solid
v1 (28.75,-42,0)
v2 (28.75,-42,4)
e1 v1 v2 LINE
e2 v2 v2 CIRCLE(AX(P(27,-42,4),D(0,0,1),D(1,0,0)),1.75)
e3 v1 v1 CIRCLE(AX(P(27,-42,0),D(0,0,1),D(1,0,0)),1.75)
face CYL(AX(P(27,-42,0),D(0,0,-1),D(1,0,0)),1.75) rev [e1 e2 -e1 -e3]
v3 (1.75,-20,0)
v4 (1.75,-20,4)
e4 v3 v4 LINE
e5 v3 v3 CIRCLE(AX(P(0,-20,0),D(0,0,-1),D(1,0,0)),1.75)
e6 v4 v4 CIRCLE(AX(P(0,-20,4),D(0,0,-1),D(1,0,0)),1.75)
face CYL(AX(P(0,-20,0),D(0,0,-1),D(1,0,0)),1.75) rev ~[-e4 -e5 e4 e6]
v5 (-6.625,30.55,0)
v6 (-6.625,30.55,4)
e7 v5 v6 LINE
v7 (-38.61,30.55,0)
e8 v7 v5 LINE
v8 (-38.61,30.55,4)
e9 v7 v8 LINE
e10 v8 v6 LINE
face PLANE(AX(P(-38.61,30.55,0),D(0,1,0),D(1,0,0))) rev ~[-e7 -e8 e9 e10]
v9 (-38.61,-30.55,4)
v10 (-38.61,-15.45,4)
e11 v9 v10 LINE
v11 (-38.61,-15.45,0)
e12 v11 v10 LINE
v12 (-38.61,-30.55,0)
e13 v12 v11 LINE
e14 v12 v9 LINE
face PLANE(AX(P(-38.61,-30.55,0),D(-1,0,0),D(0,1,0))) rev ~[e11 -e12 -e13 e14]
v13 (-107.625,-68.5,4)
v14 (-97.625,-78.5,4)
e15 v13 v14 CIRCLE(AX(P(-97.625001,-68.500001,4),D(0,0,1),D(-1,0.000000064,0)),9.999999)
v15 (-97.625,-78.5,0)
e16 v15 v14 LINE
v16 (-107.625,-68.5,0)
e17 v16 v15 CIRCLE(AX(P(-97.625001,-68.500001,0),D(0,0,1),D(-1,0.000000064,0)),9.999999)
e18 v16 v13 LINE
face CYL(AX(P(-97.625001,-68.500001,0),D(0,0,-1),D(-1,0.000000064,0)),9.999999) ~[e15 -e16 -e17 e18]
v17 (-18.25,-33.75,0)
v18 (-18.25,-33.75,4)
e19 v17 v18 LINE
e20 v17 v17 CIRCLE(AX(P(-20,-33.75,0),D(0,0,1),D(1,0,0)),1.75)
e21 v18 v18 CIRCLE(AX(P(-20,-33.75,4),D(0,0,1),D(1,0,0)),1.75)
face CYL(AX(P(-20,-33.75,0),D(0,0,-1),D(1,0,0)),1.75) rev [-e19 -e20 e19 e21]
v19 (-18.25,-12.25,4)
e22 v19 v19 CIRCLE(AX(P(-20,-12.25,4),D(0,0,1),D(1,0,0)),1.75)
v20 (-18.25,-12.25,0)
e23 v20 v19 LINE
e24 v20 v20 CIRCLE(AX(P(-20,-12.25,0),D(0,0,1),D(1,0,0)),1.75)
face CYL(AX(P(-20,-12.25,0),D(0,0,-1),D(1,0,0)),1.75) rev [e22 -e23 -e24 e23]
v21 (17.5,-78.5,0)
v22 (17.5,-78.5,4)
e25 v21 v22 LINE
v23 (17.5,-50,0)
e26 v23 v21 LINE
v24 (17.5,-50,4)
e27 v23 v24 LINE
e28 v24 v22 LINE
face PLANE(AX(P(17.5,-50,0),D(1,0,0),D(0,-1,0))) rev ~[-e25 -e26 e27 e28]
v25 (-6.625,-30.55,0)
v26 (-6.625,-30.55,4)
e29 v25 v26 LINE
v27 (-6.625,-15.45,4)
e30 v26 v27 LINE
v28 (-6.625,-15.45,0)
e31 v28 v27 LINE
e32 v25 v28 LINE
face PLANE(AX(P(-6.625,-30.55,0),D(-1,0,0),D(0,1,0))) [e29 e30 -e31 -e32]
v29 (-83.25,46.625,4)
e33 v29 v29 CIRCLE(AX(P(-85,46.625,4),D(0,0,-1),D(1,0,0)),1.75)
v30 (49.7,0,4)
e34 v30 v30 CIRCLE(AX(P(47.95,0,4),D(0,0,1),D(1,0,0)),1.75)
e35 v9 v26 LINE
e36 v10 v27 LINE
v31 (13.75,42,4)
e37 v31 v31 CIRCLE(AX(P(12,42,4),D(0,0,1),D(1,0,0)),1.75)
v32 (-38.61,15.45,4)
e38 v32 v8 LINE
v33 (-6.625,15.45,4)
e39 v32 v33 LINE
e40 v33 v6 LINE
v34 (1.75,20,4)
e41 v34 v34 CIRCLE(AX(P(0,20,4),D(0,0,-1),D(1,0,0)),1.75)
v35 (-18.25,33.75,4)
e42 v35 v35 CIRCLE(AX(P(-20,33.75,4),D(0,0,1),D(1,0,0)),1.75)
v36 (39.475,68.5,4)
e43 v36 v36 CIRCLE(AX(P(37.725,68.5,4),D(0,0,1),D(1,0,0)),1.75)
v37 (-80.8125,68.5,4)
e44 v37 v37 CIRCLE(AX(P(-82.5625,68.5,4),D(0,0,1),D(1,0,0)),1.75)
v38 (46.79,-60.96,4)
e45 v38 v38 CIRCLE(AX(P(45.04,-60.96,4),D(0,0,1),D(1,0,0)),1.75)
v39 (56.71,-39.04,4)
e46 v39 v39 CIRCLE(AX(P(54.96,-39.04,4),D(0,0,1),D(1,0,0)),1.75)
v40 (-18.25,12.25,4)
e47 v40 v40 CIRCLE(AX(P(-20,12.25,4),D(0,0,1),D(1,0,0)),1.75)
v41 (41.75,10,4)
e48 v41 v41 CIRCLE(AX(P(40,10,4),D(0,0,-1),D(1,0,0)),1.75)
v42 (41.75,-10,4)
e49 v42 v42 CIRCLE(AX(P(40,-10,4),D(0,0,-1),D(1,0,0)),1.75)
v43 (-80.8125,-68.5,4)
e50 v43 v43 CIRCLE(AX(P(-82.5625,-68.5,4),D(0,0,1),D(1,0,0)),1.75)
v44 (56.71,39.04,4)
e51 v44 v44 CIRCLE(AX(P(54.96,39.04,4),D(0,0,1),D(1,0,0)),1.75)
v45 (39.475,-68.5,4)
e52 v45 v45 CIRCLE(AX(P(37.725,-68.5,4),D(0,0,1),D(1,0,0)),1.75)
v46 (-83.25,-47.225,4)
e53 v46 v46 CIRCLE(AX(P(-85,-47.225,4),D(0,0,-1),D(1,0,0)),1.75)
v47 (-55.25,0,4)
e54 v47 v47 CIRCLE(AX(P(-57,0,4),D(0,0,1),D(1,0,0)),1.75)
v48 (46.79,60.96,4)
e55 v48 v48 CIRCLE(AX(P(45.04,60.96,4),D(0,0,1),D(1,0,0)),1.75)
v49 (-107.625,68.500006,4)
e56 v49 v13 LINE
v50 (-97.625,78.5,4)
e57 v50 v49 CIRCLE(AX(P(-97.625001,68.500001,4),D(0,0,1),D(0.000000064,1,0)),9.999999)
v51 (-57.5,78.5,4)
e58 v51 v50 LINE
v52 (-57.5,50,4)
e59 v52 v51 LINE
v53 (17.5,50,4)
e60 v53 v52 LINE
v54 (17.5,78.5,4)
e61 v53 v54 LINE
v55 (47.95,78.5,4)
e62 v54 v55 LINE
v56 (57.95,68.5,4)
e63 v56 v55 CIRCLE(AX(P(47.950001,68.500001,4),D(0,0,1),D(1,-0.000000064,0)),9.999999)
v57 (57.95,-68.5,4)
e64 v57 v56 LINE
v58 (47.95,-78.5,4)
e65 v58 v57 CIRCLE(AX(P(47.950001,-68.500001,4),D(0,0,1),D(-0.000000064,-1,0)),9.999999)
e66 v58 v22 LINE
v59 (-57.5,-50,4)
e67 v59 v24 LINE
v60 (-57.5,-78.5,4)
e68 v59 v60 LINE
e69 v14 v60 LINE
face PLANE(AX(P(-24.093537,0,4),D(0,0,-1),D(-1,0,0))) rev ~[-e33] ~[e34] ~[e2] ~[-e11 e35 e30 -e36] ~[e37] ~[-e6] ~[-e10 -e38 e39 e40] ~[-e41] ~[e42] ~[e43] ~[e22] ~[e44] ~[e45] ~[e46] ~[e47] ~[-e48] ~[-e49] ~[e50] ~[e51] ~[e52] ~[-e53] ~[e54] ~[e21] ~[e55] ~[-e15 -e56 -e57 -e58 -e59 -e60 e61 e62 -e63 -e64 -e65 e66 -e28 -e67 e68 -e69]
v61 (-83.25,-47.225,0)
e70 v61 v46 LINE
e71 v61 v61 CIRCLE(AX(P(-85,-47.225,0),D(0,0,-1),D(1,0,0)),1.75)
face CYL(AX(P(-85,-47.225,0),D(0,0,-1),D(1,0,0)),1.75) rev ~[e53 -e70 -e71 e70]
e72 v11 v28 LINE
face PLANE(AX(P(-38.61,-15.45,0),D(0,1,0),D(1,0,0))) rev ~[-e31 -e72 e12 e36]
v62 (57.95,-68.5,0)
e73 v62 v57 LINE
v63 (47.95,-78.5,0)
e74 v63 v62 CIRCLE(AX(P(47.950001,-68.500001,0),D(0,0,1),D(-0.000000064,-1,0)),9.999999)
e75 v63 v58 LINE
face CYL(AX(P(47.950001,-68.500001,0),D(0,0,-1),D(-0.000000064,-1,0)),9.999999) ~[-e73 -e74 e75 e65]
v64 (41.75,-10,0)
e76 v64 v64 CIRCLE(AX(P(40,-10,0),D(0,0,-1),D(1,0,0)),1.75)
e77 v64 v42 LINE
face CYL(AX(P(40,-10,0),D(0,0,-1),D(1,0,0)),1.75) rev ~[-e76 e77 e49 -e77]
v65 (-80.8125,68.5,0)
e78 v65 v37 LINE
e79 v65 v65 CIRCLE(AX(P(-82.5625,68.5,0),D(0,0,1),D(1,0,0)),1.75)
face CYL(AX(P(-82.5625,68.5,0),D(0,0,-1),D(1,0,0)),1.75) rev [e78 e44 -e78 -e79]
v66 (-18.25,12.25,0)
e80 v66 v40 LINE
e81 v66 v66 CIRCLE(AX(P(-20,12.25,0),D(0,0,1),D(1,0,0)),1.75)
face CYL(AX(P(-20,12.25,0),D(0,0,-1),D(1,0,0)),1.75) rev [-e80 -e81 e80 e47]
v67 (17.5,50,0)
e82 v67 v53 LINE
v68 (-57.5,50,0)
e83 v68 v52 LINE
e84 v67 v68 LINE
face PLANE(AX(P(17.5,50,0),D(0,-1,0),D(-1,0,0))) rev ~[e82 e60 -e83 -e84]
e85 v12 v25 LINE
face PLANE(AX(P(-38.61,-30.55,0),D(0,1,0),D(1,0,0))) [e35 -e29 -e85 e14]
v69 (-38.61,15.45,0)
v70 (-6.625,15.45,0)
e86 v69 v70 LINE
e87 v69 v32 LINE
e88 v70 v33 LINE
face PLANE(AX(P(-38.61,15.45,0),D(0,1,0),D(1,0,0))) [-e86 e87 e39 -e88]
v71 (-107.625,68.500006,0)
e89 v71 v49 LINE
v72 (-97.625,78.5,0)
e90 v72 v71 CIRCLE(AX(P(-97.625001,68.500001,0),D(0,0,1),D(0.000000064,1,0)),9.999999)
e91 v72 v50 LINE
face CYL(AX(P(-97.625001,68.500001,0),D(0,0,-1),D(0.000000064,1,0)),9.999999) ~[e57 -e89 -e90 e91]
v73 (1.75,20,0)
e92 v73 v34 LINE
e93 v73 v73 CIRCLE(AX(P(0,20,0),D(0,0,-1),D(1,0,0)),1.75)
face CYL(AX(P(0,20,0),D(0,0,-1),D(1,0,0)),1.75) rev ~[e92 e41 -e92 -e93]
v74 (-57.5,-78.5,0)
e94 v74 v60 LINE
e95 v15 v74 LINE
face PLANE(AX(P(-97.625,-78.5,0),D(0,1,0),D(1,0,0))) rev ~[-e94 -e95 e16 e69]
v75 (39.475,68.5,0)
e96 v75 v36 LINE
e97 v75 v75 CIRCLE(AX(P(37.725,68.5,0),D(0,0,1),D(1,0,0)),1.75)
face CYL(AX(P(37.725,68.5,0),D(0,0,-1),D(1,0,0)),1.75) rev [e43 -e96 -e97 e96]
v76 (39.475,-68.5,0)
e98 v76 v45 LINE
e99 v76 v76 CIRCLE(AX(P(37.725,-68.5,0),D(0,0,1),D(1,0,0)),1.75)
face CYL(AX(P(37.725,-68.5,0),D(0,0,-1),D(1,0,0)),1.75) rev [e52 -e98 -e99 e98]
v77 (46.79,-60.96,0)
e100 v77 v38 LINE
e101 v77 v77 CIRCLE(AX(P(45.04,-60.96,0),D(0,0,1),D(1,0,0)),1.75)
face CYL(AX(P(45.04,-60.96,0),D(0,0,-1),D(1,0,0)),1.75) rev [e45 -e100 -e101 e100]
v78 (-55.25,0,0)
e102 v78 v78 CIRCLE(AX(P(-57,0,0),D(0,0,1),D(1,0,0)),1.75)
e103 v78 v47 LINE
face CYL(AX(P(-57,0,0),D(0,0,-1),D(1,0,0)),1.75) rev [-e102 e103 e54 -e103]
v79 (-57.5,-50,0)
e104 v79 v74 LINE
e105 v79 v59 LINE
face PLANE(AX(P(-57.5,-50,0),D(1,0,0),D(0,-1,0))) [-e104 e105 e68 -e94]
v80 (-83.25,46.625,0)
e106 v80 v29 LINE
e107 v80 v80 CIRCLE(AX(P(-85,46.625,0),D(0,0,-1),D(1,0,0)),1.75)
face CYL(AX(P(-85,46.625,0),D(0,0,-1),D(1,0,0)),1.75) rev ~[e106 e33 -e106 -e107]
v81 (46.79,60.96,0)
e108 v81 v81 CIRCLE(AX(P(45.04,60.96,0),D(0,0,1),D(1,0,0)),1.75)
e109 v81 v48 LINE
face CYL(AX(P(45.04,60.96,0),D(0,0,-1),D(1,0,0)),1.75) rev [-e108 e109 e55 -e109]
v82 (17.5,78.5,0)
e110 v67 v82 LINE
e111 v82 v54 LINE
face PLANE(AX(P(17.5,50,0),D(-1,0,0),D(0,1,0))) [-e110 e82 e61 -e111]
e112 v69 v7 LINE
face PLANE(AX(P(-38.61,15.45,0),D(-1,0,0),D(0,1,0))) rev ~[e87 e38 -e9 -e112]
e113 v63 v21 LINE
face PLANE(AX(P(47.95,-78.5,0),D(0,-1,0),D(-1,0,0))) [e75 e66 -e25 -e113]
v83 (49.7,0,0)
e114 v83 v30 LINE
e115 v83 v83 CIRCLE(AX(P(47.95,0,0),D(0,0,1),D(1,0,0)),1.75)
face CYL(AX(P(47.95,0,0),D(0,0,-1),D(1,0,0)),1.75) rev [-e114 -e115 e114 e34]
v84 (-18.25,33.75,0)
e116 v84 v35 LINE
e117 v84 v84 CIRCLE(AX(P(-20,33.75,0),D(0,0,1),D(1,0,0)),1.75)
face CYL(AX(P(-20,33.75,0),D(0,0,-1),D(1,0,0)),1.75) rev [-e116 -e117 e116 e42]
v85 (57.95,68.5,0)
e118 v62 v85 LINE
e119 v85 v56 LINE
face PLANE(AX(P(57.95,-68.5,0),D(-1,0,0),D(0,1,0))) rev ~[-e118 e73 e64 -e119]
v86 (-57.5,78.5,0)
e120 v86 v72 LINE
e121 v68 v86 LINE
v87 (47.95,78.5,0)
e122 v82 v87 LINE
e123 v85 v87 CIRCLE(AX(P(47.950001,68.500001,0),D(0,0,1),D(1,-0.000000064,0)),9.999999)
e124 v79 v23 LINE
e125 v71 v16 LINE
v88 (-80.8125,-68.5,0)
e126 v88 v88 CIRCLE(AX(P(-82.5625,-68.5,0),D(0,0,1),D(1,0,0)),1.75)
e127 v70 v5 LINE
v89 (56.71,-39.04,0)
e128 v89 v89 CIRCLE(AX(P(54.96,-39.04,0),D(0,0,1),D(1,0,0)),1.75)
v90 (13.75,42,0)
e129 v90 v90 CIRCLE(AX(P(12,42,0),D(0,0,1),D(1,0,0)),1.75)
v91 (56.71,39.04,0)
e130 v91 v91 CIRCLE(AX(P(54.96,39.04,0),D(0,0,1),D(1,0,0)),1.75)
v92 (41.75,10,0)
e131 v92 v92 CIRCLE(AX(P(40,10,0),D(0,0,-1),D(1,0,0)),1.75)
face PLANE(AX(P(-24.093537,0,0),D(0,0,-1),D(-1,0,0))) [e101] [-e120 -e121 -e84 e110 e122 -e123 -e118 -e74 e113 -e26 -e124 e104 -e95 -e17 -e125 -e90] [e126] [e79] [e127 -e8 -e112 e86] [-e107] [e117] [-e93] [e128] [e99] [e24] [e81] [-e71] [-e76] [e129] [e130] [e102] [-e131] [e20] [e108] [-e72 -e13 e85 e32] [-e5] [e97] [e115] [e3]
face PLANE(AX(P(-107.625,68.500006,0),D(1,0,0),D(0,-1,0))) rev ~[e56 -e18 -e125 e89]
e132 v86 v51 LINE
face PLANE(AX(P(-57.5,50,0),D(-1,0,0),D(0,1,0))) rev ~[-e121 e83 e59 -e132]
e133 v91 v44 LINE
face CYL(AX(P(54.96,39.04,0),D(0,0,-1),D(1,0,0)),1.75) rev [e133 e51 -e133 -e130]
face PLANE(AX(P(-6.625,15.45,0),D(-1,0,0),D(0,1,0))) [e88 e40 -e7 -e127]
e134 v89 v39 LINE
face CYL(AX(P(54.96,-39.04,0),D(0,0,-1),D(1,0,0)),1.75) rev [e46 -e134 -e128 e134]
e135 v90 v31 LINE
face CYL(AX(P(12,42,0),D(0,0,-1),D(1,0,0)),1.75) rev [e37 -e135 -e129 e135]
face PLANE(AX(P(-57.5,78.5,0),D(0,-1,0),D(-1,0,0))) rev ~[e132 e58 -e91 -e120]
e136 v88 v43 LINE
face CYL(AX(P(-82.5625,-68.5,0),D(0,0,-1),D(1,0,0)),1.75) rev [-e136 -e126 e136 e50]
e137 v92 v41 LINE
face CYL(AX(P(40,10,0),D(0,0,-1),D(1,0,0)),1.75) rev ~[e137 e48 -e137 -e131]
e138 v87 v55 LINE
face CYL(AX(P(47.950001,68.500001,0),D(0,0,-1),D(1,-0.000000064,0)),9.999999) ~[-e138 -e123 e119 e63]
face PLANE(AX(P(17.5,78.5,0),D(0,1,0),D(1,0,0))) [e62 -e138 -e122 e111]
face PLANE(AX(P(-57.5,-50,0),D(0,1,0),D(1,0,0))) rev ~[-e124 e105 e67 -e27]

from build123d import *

# Parameters (mm, degrees)
SKETCH043_R     = 1.75
SKETCH043_W     = 31.985
SKETCH043_H     = 15.1
PAD030_DEPTH    = 4
SKETCH063_R     = 1.75
POCKET011_DEPTH = 4
SKETCH076_R     = 1.75
POCKET014_DEPTH = 4
SKETCH081_R     = 1.75
POCKET016_DEPTH = 4


with BuildPart() as part:
    # Sketch043 → Pad030 (new body)
    with BuildSketch(Plane.XY):
        with BuildLine():
            Line((17.5, 50), (17.5, 78.5))
            Line((17.5, 78.5), (37.725, 78.5))
            Line((37.725, 78.5), (47.95, 78.5))
            ThreePointArc((57.95, 68.5), (55.021068, 75.571068), (47.95, 78.5))
            Line((57.95, 0), (57.95, 68.5))
            Line((57.95, -68.5), (57.95, 0))
            ThreePointArc((47.95, -78.5), (55.021068, -75.571068), (57.95, -68.5))
            Line((47.95, -78.5), (37.725, -78.5))
            Line((37.725, -78.5), (17.5, -78.5))
            Line((17.5, -50), (17.5, -78.5))
            Line((-57.5, -50), (17.5, -50))
            Line((-57.5, -50), (-57.5, -78.5))
            Line((-82.5625, -78.5), (-57.5, -78.5))
            Line((-97.625, -78.5), (-82.5625, -78.5))
            ThreePointArc((-107.625, -68.5), (-104.696068, -75.571068), (-97.625, -78.5))
            Line((-107.625, 68.500006), (-107.625, -68.5))
            ThreePointArc((-97.625, 78.5), (-104.696066, 75.57107), (-107.625, 68.500006))
            Line((-97.625, 78.5), (-82.5625, 78.5))
            Line((-57.5, 78.5), (-82.5625, 78.5))
            Line((-57.5, 50), (-57.5, 78.5))
            Line((17.5, 50), (-57.5, 50))
        make_face()
        with Locations((45.04, 60.96)):
            Circle(SKETCH043_R, mode=Mode.SUBTRACT)
        with Locations((54.96, 39.04)):
            Circle(SKETCH043_R, mode=Mode.SUBTRACT)
        with Locations((27, -42)):
            Circle(SKETCH043_R, mode=Mode.SUBTRACT)
        with Locations((12, 42)):
            Circle(SKETCH043_R, mode=Mode.SUBTRACT)
        with Locations((-57, 0)):
            Circle(SKETCH043_R, mode=Mode.SUBTRACT)
        with Locations((-20, -33.75)):
            Circle(SKETCH043_R, mode=Mode.SUBTRACT)
        with Locations((-20, -12.25)):
            Circle(SKETCH043_R, mode=Mode.SUBTRACT)
        with Locations((-20, 12.25)):
            Circle(SKETCH043_R, mode=Mode.SUBTRACT)
        with Locations((-20, 33.75)):
            Circle(SKETCH043_R, mode=Mode.SUBTRACT)
        with Locations((54.96, -39.04)):
            Circle(SKETCH043_R, mode=Mode.SUBTRACT)
        with Locations((45.04, -60.96)):
            Circle(SKETCH043_R, mode=Mode.SUBTRACT)
        with Locations((37.725, 68.5)):
            Circle(SKETCH043_R, mode=Mode.SUBTRACT)
        with Locations((47.95, 0)):
            Circle(SKETCH043_R, mode=Mode.SUBTRACT)
        with Locations((37.725, -68.5)):
            Circle(SKETCH043_R, mode=Mode.SUBTRACT)
        with Locations((-82.5625, -68.5)):
            Circle(SKETCH043_R, mode=Mode.SUBTRACT)
        with Locations((-82.5625, 68.5)):
            Circle(SKETCH043_R, mode=Mode.SUBTRACT)
        with Locations((-22.6175, 23)):
            Rectangle(SKETCH043_W, SKETCH043_H, mode=Mode.SUBTRACT)
        with Locations((-22.6175, -23)):
            Rectangle(SKETCH043_W, SKETCH043_H, mode=Mode.SUBTRACT)
    extrude(amount=PAD030_DEPTH)

    # Sketch063 → Pocket011 (cut)
    with BuildSketch(Plane(origin=(0, 0, 0), x_dir=(1, 0, 0), z_dir=(0, 0, -1))):
        with Locations((-85, 47.225)):
            Circle(SKETCH063_R)
        with Locations((-85, -46.625)):
            Circle(SKETCH063_R)
    extrude(amount=-POCKET011_DEPTH, mode=Mode.SUBTRACT)

    # Sketch076 (on Face4 of Pocket011) → Pocket014 (cut)
    with BuildSketch(Plane(origin=(0, 0, 0), x_dir=(1, 0, 0), z_dir=(0, 0, -1))):
        with Locations((40, 10)):
            Circle(SKETCH076_R)
        with Locations((40, -10)):
            Circle(SKETCH076_R)
    extrude(amount=-POCKET014_DEPTH, mode=Mode.SUBTRACT)

    # Sketch081 (on Face4 of Pocket014) → Pocket016 (cut)
    with BuildSketch(Plane(origin=(0, 0, 0), x_dir=(1, 0, 0), z_dir=(0, 0, -1))):
        with Locations((0, 20)):
            Circle(SKETCH081_R)
        with Locations((0, -20)):
            Circle(SKETCH081_R)
    extrude(amount=-POCKET016_DEPTH, mode=Mode.SUBTRACT)


solid = part.part
